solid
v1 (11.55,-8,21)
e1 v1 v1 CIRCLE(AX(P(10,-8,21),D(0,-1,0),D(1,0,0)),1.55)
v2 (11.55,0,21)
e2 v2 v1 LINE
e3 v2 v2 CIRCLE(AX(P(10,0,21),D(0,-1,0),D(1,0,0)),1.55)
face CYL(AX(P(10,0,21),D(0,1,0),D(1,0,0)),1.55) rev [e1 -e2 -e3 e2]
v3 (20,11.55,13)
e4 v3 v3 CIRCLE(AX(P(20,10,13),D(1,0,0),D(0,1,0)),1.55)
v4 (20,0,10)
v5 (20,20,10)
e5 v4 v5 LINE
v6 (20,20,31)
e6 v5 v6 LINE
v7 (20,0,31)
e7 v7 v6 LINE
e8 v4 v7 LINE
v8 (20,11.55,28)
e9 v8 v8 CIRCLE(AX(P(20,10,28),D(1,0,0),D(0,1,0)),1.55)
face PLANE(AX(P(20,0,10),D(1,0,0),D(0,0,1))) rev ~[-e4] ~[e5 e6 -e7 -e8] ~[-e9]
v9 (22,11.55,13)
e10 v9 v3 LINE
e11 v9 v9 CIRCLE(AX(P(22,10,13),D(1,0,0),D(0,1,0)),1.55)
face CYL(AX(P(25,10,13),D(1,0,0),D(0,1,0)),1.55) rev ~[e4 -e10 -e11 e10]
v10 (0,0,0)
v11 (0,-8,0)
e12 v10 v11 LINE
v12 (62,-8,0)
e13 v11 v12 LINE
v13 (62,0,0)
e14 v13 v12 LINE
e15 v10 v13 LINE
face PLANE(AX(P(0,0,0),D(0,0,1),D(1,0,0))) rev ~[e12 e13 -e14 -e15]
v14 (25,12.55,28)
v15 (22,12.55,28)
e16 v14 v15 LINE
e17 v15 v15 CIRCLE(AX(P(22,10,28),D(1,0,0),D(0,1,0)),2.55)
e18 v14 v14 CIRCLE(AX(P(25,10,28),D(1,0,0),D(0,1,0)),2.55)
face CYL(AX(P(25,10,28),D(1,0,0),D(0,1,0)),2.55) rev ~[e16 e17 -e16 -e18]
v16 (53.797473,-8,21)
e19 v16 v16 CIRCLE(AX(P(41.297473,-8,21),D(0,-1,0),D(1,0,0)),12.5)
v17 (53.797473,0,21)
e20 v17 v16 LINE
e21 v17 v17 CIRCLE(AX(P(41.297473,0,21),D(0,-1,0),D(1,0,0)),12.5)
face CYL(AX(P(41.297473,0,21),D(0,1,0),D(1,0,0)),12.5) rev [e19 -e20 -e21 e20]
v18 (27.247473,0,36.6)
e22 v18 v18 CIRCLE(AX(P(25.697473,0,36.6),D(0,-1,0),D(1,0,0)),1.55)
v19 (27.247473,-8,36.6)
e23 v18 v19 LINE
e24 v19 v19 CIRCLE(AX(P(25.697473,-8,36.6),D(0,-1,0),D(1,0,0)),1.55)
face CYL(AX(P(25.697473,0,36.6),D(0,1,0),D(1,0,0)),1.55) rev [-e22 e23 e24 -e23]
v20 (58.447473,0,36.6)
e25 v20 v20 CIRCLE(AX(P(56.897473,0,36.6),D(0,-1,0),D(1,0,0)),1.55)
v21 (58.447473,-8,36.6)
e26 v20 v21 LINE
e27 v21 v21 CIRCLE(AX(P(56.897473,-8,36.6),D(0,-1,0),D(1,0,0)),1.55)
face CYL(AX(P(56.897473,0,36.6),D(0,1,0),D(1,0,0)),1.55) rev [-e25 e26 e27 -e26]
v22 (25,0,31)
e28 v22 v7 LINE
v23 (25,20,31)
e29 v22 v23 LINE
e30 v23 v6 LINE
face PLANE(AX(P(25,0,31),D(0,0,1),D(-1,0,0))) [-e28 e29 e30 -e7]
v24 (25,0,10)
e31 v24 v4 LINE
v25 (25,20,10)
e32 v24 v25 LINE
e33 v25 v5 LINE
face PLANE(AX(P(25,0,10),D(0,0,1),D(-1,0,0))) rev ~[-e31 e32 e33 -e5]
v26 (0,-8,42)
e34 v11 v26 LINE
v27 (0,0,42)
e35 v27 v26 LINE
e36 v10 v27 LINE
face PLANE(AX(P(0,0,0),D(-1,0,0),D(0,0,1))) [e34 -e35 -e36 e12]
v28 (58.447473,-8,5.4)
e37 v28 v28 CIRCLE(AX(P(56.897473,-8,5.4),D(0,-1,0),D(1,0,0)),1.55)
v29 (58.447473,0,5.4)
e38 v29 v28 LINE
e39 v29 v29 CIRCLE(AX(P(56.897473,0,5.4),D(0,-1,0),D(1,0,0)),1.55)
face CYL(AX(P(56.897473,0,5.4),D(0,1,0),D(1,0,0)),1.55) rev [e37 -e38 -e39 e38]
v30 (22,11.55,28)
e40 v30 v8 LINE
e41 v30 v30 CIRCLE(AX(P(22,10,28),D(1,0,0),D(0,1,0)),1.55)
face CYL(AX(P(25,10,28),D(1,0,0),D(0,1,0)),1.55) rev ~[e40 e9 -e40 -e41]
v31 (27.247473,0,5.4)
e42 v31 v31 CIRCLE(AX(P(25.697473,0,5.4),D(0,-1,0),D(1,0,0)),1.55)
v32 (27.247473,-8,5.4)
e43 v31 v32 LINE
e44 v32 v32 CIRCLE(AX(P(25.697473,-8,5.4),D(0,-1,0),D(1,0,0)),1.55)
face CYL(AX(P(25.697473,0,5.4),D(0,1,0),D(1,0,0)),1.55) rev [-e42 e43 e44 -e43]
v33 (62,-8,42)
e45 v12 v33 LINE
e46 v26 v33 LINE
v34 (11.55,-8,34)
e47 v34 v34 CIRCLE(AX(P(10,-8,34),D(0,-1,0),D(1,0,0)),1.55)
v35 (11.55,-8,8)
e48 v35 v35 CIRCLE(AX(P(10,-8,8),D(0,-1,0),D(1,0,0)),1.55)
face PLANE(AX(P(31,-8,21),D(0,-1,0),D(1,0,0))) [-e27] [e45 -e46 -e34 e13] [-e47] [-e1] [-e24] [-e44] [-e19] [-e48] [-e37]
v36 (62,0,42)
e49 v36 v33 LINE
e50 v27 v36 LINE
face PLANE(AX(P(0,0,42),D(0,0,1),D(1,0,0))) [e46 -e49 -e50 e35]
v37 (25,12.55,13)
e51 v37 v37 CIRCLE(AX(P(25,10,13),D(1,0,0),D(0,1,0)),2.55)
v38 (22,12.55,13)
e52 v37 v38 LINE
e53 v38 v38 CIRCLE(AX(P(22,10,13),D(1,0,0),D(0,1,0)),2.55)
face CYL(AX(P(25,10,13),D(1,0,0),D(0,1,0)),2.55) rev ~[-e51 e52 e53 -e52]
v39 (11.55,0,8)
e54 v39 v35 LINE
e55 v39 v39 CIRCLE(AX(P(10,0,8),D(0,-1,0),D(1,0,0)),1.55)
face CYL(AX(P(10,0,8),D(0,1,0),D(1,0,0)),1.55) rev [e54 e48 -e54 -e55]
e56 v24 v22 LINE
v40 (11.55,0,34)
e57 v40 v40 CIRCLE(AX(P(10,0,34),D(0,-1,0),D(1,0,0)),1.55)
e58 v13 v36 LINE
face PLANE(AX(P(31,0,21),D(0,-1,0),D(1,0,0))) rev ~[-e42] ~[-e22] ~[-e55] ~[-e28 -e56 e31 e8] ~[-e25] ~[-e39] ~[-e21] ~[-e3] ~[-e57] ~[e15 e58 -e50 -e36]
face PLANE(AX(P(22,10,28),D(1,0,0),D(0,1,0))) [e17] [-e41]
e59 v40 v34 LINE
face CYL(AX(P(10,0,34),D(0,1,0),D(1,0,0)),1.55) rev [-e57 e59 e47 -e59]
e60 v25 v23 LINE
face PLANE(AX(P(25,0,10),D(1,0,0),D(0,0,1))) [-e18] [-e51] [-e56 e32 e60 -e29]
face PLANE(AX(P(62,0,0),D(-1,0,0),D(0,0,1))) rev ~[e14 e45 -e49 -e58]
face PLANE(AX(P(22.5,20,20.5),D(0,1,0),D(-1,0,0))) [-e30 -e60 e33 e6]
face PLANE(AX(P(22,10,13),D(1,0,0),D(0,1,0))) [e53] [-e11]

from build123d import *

# Parameters (mm, degrees)
F0_W     = 62
F0_H     = 42
F0_R     = 1.55
F0_R_2   = 12.5
F1_DEPTH = 8
F2_W     = 5
F2_H     = 21
F3_DEPTH = 20
F4_R     = 1.55
F5_DEPTH = 25
F6_R     = 2.55
F7_DEPTH = 3


with BuildPart() as f1:
    # F0 (on Front) → F1 (new body)
    with BuildSketch(Plane.XZ):
        with Locations((31, 21)):
            Rectangle(F0_W, F0_H)
        with Locations((10, 8)):
            Circle(F0_R, mode=Mode.SUBTRACT)
        with Locations((25.697473, 5.4)):
            Circle(F0_R, mode=Mode.SUBTRACT)
        with Locations((56.897473, 5.4)):
            Circle(F0_R, mode=Mode.SUBTRACT)
        with Locations((10, 21)):
            Circle(F0_R, mode=Mode.SUBTRACT)
        with Locations((10, 34)):
            Circle(F0_R, mode=Mode.SUBTRACT)
        with Locations((25.697473, 36.6)):
            Circle(F0_R, mode=Mode.SUBTRACT)
        with Locations((41.297473, 21)):
            Circle(F0_R_2, mode=Mode.SUBTRACT)
        with Locations((56.897473, 36.6)):
            Circle(F0_R, mode=Mode.SUBTRACT)
    extrude(amount=F1_DEPTH)

    # F2 (on face) → F3 (join)
    with BuildSketch(Plane(origin=(0, 0, 0), x_dir=(-1, 0, 0), z_dir=(0, 1, 0))):
        with Locations((-22.5, 20.5)):
            Rectangle(F2_W, F2_H)
    extrude(amount=F3_DEPTH)

    # F4 (on face) → F5 (cut)
    with BuildSketch(Plane.YZ.offset(25)):
        with Locations((10, 28)):
            Circle(F4_R)
        with Locations((10, 13)):
            Circle(F4_R)
    extrude(amount=-F5_DEPTH, mode=Mode.SUBTRACT)

    # F6 (on face) → F7 (cut)
    with BuildSketch(Plane.YZ.offset(25)):
        with Locations((10, 28)):
            Circle(F6_R)
        with Locations((10, 13)):
            Circle(F6_R)
    extrude(amount=-F7_DEPTH, mode=Mode.SUBTRACT)


solid = f1.part
